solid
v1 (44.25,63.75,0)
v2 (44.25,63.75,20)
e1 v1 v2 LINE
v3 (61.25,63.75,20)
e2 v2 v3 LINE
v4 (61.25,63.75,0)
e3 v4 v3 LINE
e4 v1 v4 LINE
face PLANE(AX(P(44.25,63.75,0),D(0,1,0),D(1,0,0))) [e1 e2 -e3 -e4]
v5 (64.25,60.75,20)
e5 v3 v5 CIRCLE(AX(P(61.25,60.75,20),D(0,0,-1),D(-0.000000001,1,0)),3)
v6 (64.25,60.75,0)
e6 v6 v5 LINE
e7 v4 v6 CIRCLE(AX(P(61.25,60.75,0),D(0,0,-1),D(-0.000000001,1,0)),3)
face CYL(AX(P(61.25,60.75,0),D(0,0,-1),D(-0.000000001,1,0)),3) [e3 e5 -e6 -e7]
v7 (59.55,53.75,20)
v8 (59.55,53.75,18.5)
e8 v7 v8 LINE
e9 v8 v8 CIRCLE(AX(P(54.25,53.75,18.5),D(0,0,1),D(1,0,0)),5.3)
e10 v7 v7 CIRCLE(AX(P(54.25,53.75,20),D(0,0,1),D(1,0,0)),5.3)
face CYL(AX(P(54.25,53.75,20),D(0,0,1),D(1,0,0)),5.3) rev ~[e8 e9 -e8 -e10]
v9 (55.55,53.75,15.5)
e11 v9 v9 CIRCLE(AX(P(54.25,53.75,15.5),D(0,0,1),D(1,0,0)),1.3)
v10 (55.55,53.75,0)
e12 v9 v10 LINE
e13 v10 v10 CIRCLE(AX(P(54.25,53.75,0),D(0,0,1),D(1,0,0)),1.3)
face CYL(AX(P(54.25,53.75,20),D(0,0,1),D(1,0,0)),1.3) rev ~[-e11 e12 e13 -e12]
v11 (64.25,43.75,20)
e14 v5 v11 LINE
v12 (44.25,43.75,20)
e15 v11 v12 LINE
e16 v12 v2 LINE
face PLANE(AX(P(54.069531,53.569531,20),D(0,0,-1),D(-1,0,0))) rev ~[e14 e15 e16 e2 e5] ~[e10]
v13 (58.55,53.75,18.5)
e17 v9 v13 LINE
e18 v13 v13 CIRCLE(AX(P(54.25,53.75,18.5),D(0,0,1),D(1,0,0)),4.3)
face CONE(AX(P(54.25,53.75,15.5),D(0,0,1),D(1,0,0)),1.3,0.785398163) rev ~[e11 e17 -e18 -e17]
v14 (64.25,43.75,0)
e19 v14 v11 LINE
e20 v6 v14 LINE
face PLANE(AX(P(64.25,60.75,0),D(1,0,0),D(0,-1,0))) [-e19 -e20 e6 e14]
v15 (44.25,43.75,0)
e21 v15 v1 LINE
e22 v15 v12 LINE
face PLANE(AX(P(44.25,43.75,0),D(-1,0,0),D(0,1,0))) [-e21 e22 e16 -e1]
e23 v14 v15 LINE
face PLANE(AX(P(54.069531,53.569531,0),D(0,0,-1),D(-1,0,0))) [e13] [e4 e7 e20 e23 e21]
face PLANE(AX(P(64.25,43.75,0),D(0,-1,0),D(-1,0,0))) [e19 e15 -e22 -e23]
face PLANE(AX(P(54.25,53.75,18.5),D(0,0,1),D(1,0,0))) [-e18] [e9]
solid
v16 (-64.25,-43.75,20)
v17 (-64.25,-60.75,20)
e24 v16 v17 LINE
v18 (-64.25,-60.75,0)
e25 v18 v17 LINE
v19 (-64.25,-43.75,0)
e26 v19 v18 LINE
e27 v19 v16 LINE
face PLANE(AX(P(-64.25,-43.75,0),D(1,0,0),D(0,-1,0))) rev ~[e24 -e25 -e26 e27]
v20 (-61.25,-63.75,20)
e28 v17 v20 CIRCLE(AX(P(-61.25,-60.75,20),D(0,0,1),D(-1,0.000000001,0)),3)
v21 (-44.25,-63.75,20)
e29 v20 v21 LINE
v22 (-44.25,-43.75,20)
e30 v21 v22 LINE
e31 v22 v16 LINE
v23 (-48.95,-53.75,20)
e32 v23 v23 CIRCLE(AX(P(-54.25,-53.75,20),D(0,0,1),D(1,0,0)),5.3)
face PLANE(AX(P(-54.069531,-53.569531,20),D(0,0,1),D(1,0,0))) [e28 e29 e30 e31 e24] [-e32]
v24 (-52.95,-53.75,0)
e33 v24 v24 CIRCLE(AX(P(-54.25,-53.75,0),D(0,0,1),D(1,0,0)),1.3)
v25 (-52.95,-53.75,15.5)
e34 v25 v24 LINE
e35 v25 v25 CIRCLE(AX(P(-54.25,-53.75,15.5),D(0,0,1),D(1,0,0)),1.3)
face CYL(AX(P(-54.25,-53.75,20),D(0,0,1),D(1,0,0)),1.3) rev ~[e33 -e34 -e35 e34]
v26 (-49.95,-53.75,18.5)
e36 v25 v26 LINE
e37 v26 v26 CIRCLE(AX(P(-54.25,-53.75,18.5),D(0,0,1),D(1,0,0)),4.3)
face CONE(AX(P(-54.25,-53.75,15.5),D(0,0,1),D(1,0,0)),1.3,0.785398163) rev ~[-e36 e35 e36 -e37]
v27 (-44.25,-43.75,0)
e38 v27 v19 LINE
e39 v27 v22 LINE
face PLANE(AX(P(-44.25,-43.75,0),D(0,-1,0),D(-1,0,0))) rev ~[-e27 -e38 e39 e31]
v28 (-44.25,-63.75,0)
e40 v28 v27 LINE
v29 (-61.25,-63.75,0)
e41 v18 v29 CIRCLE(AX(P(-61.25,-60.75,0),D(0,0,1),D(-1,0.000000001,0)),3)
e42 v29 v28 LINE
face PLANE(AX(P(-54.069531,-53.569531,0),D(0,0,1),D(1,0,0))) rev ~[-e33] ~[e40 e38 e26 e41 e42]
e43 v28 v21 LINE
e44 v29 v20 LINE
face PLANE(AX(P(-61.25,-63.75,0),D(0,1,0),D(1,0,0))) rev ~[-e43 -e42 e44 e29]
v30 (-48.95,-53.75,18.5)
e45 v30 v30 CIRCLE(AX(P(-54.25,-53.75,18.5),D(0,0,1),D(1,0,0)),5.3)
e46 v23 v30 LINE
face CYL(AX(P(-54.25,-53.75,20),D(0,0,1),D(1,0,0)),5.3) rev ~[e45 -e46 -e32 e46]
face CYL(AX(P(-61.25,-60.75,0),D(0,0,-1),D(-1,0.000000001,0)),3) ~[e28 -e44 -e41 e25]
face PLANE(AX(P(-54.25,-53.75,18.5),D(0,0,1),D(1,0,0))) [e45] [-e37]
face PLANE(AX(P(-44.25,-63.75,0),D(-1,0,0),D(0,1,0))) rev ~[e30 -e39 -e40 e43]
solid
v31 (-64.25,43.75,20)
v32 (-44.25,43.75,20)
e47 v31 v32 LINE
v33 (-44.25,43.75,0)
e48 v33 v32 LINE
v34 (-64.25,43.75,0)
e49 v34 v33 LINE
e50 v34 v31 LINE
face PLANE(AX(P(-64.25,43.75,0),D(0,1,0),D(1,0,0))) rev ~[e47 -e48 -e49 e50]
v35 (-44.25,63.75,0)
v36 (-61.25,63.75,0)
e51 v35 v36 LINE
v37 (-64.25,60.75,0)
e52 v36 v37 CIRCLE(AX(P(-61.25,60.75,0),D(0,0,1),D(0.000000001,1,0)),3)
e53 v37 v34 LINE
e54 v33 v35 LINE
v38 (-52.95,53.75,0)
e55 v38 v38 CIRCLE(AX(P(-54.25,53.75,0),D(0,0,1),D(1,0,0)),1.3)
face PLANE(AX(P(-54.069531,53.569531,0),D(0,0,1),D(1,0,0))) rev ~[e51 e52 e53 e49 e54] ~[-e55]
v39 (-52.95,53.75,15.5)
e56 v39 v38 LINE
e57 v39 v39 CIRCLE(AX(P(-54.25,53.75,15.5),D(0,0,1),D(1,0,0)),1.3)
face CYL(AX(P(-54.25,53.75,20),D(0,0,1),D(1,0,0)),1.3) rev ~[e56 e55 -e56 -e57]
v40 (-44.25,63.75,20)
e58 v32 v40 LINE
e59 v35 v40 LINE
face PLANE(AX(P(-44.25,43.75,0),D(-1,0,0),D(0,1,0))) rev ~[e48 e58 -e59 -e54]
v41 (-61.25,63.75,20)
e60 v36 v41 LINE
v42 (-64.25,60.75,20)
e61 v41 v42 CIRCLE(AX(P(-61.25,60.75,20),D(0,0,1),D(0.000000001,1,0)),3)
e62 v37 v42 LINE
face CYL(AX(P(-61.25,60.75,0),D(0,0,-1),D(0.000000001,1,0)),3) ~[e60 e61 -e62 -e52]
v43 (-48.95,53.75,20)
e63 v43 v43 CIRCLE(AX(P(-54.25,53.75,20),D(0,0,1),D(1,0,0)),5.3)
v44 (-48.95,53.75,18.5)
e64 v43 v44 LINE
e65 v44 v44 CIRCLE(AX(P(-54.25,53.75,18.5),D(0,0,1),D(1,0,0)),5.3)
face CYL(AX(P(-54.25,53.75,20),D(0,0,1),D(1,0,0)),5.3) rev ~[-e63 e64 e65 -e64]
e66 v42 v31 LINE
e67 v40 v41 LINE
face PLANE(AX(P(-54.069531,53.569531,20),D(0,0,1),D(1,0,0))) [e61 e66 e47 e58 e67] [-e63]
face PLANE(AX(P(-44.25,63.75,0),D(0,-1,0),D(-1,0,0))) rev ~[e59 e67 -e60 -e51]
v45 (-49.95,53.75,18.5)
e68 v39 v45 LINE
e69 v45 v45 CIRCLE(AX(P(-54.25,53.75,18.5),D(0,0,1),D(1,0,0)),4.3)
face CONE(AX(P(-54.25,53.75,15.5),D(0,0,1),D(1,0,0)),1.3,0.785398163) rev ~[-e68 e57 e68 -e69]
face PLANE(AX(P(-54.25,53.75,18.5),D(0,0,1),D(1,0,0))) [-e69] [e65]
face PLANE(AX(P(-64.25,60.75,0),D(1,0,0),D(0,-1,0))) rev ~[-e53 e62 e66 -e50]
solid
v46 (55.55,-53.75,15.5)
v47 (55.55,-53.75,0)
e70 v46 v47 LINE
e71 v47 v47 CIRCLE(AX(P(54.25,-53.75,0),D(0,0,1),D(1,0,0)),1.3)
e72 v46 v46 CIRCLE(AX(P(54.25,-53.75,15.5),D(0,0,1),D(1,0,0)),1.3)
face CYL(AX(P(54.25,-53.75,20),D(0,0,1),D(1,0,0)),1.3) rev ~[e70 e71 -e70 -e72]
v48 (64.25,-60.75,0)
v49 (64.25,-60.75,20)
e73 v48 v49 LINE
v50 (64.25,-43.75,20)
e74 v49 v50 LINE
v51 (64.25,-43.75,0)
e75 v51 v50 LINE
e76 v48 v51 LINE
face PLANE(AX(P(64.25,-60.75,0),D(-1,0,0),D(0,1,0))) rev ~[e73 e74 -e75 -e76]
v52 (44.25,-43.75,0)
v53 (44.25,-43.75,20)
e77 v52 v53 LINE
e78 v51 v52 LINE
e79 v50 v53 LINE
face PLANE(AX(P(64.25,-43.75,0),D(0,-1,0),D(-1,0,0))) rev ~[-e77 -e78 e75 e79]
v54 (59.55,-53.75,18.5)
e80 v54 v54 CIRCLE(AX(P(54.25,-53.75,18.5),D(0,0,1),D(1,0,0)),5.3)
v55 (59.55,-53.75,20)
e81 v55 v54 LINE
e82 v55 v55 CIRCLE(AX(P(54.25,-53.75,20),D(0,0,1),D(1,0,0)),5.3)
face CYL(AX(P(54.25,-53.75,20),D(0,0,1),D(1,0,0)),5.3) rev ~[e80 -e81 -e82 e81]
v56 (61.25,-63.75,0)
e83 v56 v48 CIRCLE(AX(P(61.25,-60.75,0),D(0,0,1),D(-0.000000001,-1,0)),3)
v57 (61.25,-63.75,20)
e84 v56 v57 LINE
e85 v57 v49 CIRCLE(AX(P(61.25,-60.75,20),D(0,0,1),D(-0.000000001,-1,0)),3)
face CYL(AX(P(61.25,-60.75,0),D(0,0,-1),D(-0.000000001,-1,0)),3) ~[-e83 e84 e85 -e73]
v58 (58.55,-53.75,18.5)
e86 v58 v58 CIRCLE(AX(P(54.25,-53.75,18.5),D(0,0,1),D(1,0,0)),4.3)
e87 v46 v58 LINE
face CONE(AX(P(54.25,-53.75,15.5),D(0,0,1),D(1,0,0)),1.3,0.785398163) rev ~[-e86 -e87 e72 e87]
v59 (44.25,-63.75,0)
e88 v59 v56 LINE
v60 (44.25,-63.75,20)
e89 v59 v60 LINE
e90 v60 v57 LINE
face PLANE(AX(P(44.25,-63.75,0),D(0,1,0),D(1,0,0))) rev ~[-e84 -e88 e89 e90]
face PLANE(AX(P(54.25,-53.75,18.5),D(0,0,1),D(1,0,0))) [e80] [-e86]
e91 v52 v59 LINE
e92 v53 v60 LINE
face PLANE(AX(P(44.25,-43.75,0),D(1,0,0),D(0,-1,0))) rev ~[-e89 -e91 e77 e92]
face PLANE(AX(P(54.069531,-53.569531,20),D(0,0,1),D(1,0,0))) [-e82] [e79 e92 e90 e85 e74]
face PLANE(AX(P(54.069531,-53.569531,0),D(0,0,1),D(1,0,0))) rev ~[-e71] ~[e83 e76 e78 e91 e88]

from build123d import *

# Parameters (mm, degrees)
EXTRUDE_1_DEPTH     = 20
EXTRUDE_1_2_DEPTH   = 20
EXTRUDE_1_3_DEPTH   = 20
EXTRUDE_1_4_DEPTH   = 20
SKETCH_2_R          = 1.3
CUT_EXTRUDE_1_DEPTH = 21
SKETCH_3_R          = 5.3
CUT_EXTRUDE_2_DEPTH = 1.5
CHAMFER_1_SIZE      = 3
CHAMFER_2_SIZE      = 3
CHAMFER_3_SIZE      = 3
CHAMFER_4_SIZE      = 3


with BuildPart() as part:
    # Эскиз1 → Бобышка-Вытянуть1 (new body)
    with BuildSketch(Plane.XY):
        with BuildLine():
            Line((-44.25, -43.75), (-64.25, -43.75))
            Line((-64.25, -43.75), (-64.25, -60.75))
            ThreePointArc((-64.25, -60.75), (-63.371320344, -62.871320344), (-61.25, -63.75))
            Line((-61.25, -63.75), (-44.25, -63.75))
            Line((-44.25, -63.75), (-44.25, -43.75))
        make_face()
    extrude(amount=EXTRUDE_1_DEPTH)


with BuildPart() as body_2:
    # Эскиз1 → Extrude 1 2 (new body)
    with BuildSketch(Plane.XY):
        with BuildLine():
            Line((44.25, -43.75), (44.25, -63.75))
            Line((44.25, -63.75), (61.25, -63.75))
            ThreePointArc((61.25, -63.75), (63.371320344, -62.871320344), (64.25, -60.75))
            Line((64.25, -60.75), (64.25, -43.75))
            Line((64.25, -43.75), (44.25, -43.75))
        make_face()
    extrude(amount=EXTRUDE_1_2_DEPTH)


with BuildPart() as body_3:
    # Эскиз1 → Extrude 1 3 (new body)
    with BuildSketch(Plane.XY):
        with BuildLine():
            Line((44.25, 43.75), (44.25, 63.75))
            Line((44.25, 63.75), (61.25, 63.75))
            ThreePointArc((61.25, 63.75), (63.371320344, 62.871320344), (64.25, 60.75))
            Line((64.25, 60.75), (64.25, 43.75))
            Line((64.25, 43.75), (44.25, 43.75))
        make_face()
    extrude(amount=EXTRUDE_1_3_DEPTH)


with BuildPart() as body_4:
    # Эскиз1 → Extrude 1 4 (new body)
    with BuildSketch(Plane.XY):
        with BuildLine():
            Line((-64.25, 60.75), (-64.25, 43.75))
            Line((-64.25, 43.75), (-44.25, 43.75))
            Line((-44.25, 43.75), (-44.25, 63.75))
            Line((-44.25, 63.75), (-61.25, 63.75))
            ThreePointArc((-61.25, 63.75), (-63.371320344, 62.871320344), (-64.25, 60.75))
        make_face()
    extrude(amount=EXTRUDE_1_4_DEPTH)


with BuildPart() as cut_extrude_1_tool:
    # Эскиз2 → Вырез-Вытянуть1 (new body)
    with BuildSketch(Plane.XY.offset(20)):
        with Locations((54.25, 53.75)):
            Circle(SKETCH_2_R)
        with Locations((-54.25, 53.75)):
            Circle(SKETCH_2_R)
        with Locations((-54.25, -53.75)):
            Circle(SKETCH_2_R)
        with Locations((54.25, -53.75)):
            Circle(SKETCH_2_R)
    extrude(amount=-CUT_EXTRUDE_1_DEPTH)


with BuildPart() as part_1:
    add(part.part)

    # Вырез-Вытянуть1: cut by cut_extrude_1_tool
    add(cut_extrude_1_tool.part, mode=Mode.SUBTRACT)


with BuildPart() as body_2_1:
    add(body_2.part)

    # Вырез-Вытянуть1: cut by cut_extrude_1_tool
    add(cut_extrude_1_tool.part, mode=Mode.SUBTRACT)


with BuildPart() as body_3_1:
    add(body_3.part)

    # Вырез-Вытянуть1: cut by cut_extrude_1_tool
    add(cut_extrude_1_tool.part, mode=Mode.SUBTRACT)


with BuildPart() as body_4_1:
    add(body_4.part)

    # Вырез-Вытянуть1: cut by cut_extrude_1_tool
    add(cut_extrude_1_tool.part, mode=Mode.SUBTRACT)


with BuildPart() as cut_extrude_2_tool:
    # Эскиз3 → Вырез-Вытянуть2 (new body)
    with BuildSketch(Plane.XY.offset(20)):
        with Locations((-54.25, 53.75)):
            Circle(SKETCH_3_R)
        with Locations((54.25, 53.75)):
            Circle(SKETCH_3_R)
        with Locations((54.25, -53.75)):
            Circle(SKETCH_3_R)
        with Locations((-54.25, -53.75)):
            Circle(SKETCH_3_R)
    extrude(amount=-CUT_EXTRUDE_2_DEPTH)


with BuildPart() as part_2:
    add(part_1.part)

    # Вырез-Вытянуть2: cut by cut_extrude_2_tool
    add(cut_extrude_2_tool.part, mode=Mode.SUBTRACT)

    # Фаска2
    chamfer_2_edges = [part_2.edges().sort_by_distance(p)[0] for p in [
        (-55.55, -53.75, 18.5),
    ]]
    chamfer(chamfer_2_edges, length=CHAMFER_2_SIZE)


with BuildPart() as body_2_2:
    add(body_2_1.part)

    # Вырез-Вытянуть2: cut by cut_extrude_2_tool
    add(cut_extrude_2_tool.part, mode=Mode.SUBTRACT)

    # Фаска4
    chamfer_4_edges = [body_2_2.edges().sort_by_distance(p)[0] for p in [
        (52.95, -53.75, 18.5),
    ]]
    chamfer(chamfer_4_edges, length=CHAMFER_4_SIZE)


with BuildPart() as body_3_2:
    add(body_3_1.part)

    # Вырез-Вытянуть2: cut by cut_extrude_2_tool
    add(cut_extrude_2_tool.part, mode=Mode.SUBTRACT)

    # Фаска3
    chamfer_3_edges = [body_3_2.edges().sort_by_distance(p)[0] for p in [
        (52.95, 53.75, 18.5),
    ]]
    chamfer(chamfer_3_edges, length=CHAMFER_3_SIZE)


with BuildPart() as body_4_2:
    add(body_4_1.part)

    # Вырез-Вытянуть2: cut by cut_extrude_2_tool
    add(cut_extrude_2_tool.part, mode=Mode.SUBTRACT)

    # Фаска1
    chamfer_1_edges = [body_4_2.edges().sort_by_distance(p)[0] for p in [
        (-55.55, 53.75, 18.5),
    ]]
    chamfer(chamfer_1_edges, length=CHAMFER_1_SIZE)


solid = Compound([part_2.part, body_2_2.part, body_3_2.part, body_4_2.part])
